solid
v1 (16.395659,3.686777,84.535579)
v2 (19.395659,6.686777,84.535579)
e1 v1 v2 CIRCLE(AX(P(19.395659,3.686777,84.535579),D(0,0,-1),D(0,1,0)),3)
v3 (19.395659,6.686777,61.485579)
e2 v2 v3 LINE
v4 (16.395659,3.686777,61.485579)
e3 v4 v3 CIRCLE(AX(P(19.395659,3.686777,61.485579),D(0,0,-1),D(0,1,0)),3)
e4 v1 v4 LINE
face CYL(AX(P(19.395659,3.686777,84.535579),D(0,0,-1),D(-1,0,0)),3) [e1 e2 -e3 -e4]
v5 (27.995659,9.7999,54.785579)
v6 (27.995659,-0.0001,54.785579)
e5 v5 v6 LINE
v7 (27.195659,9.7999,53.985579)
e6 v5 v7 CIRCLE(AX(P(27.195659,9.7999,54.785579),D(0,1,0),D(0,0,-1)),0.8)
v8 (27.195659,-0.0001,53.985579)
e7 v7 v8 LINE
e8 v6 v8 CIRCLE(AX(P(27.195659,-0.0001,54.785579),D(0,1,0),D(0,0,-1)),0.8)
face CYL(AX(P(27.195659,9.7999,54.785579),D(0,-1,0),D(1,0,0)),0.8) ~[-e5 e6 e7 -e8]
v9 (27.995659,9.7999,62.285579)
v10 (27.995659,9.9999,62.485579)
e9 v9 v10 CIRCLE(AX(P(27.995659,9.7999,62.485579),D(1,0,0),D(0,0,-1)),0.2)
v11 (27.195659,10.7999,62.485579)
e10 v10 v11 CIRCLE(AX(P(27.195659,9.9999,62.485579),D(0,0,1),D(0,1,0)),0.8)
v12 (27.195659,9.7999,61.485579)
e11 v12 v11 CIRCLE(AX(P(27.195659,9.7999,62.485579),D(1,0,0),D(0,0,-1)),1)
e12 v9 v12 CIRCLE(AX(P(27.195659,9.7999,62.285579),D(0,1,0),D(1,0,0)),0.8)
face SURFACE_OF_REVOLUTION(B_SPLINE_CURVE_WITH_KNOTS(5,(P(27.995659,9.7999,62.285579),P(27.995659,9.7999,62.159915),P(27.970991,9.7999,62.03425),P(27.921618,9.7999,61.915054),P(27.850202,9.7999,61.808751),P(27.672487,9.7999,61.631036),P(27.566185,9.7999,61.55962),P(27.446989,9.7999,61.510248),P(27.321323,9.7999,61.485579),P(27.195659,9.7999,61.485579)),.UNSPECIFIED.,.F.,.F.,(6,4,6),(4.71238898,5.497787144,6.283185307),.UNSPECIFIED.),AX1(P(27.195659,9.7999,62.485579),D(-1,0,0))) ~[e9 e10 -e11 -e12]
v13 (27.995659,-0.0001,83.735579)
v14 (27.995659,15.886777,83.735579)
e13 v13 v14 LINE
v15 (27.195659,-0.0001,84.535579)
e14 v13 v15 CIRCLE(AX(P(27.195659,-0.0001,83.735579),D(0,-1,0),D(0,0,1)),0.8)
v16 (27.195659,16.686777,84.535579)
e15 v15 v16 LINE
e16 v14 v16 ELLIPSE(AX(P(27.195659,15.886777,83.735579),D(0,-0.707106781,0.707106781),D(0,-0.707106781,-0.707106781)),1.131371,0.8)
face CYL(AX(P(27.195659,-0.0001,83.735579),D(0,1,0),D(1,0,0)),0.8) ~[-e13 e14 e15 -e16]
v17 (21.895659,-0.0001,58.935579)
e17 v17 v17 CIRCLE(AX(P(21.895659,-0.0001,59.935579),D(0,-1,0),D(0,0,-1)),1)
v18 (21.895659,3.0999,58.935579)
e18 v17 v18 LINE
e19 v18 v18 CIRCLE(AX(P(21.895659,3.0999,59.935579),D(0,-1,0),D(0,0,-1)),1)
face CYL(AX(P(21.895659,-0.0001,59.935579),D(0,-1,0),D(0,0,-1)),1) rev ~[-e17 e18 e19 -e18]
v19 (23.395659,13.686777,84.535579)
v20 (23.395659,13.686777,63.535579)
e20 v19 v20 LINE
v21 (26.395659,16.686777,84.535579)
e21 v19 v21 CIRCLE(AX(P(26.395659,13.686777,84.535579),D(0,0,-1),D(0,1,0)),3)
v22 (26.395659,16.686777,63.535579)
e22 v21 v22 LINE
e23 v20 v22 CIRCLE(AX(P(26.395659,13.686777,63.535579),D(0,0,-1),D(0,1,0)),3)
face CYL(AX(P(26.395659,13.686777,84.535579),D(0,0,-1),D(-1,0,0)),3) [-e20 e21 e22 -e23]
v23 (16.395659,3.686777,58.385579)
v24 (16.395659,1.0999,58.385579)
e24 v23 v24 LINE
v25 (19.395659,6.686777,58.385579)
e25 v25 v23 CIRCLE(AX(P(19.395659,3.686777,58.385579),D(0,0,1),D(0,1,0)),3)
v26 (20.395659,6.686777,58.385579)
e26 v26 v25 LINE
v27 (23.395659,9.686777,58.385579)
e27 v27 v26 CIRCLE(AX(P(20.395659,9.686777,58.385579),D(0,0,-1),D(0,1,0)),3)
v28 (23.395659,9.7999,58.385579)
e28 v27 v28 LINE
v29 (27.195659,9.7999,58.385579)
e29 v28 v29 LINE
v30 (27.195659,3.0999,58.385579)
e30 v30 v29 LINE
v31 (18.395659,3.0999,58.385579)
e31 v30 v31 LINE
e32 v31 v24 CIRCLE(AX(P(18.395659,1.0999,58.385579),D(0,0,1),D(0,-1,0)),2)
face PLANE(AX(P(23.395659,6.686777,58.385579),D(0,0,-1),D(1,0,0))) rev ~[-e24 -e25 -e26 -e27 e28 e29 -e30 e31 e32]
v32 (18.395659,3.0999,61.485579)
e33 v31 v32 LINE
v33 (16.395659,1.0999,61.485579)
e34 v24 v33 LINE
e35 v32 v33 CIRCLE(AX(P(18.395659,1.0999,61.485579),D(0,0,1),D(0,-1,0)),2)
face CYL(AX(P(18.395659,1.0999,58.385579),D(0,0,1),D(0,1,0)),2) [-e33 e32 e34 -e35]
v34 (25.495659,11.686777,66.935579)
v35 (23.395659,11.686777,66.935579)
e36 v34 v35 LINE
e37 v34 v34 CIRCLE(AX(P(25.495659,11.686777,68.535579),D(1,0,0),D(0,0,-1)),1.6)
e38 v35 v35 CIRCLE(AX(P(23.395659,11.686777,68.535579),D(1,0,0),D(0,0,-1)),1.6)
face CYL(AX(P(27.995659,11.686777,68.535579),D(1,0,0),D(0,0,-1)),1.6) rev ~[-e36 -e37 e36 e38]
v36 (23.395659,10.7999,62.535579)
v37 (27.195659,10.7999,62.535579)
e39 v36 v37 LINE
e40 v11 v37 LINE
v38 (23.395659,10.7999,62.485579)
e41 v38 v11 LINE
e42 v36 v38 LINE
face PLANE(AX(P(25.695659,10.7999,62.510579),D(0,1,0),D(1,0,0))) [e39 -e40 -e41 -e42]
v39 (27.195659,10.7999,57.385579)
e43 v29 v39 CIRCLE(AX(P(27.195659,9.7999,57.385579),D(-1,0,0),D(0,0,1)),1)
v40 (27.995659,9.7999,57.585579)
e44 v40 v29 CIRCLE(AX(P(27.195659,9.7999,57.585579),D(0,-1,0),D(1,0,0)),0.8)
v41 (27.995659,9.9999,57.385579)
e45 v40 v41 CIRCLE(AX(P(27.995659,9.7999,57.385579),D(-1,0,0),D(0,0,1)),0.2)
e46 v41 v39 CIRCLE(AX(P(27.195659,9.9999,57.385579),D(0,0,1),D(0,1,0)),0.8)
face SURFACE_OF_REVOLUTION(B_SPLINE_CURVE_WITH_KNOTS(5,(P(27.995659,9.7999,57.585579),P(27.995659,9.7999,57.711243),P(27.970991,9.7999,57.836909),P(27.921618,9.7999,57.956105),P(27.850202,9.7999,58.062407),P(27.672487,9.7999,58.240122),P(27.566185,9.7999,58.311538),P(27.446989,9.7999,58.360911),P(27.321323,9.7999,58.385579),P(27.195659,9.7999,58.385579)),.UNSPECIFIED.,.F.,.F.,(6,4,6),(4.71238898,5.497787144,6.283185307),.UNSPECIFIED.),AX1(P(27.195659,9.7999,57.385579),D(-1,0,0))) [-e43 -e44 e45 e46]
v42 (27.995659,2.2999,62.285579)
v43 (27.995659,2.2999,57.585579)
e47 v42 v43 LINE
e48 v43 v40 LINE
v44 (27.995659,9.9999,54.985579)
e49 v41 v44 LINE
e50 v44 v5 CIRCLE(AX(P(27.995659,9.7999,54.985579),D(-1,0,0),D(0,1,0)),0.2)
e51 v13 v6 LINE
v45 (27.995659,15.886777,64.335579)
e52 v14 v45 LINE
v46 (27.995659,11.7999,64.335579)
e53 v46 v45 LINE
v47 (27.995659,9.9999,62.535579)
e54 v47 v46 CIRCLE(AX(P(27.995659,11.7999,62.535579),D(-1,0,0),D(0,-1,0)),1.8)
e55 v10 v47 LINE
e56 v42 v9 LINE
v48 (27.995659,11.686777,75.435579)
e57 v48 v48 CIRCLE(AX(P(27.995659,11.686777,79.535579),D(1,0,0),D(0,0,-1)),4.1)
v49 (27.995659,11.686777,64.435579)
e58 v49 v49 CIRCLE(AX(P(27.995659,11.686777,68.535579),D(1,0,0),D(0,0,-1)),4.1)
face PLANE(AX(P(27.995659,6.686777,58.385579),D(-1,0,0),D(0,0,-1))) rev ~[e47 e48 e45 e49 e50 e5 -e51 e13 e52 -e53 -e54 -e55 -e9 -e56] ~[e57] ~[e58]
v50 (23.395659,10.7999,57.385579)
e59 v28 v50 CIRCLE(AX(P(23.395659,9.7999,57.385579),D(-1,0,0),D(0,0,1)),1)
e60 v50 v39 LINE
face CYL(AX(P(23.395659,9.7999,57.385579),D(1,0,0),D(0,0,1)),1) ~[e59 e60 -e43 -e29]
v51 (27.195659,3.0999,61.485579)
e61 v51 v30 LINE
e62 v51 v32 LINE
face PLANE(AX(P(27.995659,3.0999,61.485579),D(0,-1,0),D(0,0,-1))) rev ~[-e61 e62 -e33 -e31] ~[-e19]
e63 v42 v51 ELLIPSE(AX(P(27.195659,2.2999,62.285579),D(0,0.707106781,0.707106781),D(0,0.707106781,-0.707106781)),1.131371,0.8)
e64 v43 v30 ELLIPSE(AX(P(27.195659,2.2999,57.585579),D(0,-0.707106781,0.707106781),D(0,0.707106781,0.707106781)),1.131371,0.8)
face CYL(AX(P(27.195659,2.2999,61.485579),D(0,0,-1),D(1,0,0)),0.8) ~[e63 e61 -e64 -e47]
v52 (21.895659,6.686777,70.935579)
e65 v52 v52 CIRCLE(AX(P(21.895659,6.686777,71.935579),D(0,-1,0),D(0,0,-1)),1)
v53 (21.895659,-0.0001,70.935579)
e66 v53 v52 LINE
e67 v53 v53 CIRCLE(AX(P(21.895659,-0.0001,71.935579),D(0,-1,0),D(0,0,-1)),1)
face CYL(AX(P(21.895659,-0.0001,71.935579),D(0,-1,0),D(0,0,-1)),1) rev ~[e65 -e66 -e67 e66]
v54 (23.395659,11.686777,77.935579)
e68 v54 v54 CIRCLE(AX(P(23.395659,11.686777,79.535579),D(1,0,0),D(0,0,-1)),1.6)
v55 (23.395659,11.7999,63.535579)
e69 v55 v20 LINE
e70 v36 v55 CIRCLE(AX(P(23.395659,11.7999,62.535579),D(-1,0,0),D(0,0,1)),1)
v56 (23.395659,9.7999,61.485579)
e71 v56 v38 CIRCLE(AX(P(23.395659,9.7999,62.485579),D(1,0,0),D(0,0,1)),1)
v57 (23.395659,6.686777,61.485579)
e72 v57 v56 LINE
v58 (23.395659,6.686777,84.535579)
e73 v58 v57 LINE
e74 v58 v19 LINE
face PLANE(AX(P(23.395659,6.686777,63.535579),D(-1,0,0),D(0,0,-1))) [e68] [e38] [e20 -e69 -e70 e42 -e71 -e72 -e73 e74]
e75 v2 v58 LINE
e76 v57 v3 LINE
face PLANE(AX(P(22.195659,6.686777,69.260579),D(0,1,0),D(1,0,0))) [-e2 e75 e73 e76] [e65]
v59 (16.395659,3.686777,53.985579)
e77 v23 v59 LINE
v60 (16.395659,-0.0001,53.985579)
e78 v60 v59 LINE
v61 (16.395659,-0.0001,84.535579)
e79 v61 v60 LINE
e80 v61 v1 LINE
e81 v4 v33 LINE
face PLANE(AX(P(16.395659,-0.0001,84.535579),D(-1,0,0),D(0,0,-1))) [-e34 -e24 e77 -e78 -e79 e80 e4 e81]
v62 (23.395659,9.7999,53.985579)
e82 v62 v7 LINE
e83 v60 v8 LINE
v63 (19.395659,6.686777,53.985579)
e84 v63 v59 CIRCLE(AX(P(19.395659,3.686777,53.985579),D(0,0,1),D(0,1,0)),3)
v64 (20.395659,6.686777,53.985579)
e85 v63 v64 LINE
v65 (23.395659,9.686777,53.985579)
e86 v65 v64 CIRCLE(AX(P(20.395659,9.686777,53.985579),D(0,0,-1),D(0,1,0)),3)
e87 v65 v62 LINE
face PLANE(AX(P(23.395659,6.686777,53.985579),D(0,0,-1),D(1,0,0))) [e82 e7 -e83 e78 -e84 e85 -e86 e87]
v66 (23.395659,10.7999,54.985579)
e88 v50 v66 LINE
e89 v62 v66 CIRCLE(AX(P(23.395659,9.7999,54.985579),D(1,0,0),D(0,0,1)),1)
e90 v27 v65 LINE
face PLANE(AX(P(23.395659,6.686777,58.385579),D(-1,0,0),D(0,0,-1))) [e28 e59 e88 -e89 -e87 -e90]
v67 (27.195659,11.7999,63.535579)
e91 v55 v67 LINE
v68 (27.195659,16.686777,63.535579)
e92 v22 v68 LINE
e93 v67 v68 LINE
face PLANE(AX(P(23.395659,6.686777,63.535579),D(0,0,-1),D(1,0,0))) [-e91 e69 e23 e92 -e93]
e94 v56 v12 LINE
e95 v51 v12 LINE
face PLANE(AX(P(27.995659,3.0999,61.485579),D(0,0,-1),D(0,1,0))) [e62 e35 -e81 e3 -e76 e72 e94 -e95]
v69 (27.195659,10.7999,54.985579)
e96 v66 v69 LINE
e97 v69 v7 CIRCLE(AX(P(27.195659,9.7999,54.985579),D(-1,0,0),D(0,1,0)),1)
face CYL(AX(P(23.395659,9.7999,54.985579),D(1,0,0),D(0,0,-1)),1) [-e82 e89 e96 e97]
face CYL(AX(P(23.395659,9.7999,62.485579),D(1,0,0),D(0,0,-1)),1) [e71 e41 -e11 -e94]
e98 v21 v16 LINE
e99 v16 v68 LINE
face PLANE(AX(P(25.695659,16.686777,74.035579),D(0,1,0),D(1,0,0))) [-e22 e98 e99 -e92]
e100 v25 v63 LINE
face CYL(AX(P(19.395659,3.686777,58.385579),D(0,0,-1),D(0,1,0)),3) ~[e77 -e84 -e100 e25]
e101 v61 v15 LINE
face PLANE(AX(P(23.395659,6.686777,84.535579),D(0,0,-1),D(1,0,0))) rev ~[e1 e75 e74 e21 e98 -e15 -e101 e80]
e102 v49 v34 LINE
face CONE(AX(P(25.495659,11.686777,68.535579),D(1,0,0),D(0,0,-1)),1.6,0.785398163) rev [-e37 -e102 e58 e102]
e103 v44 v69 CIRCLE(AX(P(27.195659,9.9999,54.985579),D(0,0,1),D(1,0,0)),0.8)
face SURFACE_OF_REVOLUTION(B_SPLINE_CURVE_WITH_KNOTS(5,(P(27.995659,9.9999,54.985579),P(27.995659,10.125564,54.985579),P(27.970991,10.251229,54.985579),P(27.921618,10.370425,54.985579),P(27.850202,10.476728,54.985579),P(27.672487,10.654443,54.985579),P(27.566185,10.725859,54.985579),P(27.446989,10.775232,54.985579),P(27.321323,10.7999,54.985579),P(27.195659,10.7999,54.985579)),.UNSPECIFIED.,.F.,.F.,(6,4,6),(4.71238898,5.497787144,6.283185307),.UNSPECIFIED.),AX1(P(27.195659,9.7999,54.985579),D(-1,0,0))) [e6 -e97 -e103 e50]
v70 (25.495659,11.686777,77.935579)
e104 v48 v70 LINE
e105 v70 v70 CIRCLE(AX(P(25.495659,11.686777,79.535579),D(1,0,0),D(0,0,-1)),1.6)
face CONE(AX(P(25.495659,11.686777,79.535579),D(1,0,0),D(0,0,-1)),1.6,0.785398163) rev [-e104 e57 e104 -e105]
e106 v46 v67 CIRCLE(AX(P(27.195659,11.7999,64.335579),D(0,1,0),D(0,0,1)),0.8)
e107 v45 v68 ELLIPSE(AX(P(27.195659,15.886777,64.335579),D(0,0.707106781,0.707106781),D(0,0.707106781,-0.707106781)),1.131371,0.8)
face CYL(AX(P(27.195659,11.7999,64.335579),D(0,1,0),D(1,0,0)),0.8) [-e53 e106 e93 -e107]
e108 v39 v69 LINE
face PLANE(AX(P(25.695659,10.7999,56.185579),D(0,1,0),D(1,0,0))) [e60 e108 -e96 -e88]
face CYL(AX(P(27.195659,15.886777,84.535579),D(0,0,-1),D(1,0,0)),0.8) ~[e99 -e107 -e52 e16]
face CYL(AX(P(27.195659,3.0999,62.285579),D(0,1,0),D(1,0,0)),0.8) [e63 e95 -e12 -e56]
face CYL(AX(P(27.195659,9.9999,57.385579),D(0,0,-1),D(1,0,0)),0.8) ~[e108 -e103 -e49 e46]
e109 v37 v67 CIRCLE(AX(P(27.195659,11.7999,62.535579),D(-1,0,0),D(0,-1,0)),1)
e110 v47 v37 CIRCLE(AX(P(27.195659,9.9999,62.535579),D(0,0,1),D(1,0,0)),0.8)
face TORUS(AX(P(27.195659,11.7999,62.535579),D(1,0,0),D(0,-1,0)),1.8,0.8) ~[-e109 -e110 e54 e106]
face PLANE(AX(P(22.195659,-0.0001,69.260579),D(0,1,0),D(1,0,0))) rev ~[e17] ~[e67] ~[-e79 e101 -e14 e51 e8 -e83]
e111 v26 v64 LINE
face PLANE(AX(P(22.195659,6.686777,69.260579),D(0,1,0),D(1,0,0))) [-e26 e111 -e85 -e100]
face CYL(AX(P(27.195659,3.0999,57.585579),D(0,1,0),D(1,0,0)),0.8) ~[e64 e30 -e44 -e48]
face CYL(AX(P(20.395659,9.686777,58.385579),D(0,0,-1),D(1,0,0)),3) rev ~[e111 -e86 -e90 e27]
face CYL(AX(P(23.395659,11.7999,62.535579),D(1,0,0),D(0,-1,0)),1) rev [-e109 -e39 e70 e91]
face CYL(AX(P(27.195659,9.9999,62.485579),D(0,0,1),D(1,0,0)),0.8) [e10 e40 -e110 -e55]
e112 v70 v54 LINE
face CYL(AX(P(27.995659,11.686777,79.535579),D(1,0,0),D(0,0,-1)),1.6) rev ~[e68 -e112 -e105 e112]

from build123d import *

# Parameters (mm, degrees)
BOSS_EXTRUDE1_DEPTH      = 6.686777
BOSS_EXTRUDE1_DEPTH_BACK = 0.0001
SKETCH1_W                = 11.6
SKETCH1_H                = 30.55
SKETCH2_W                = 4.6
SKETCH2_H                = 21
BOSS_EXTRUDE3_DEPTH      = 10
FILLET1_R                = 3
SKETCH3_W                = 4.6
SKETCH3_H                = 4.4
SKETCH3_H_2              = 2.05
BOSS_EXTRUDE4_DEPTH      = 4.113123252
SKETCH4_W                = 3.1
SKETCH4_H                = 3.586876748
CUT_EXTRUDE1_DEPTH       = 87.944077783
SKETCH5_R                = 1.6
CUT_EXTRUDE2_DEPTH       = 87.944077783
SKETCH6_R                = 1
CUT_EXTRUDE3_DEPTH       = 91.600623245
FILLET2_R                = 1
FILLET3_R                = 3
FILLET4_R                = 2
CHAMFER1_SIZE            = 2.5
FILLET5_R                = 0.8


with BuildPart() as part:
    # Sketch1 → Boss-Extrude1 (new, two sides: drawn at the far end of the back side and taken through both)
    with BuildSketch(Plane(origin=(0, 0, 0), x_dir=(1, 0, 0), z_dir=(0, 1, 0)).offset(-BOSS_EXTRUDE1_DEPTH_BACK)):
        with Locations((22.195659191, -69.260579157)):
            Rectangle(SKETCH1_W, SKETCH1_H)
    extrude(amount=BOSS_EXTRUDE1_DEPTH + BOSS_EXTRUDE1_DEPTH_BACK)

    # Sketch2 → Boss-Extrude3 (add)
    with BuildSketch(Plane(origin=(0, 6.686776748, 0), x_dir=(1, 0, 0), z_dir=(0, 1, 0))):
        with Locations((25.695659191, -74.035579157)):
            Rectangle(SKETCH2_W, SKETCH2_H)
    extrude(amount=BOSS_EXTRUDE3_DEPTH)

    # Fillet1
    fillet1_edges = [part.edges().sort_by_distance(p)[0] for p in [
        (23.395659191, 16.686776748, 74.035579157),
    ]]
    fillet(fillet1_edges, radius=FILLET1_R)

    # Sketch3 → Boss-Extrude4 (add)
    with BuildSketch(Plane(origin=(0, 6.686776748, 0), x_dir=(1, 0, 0), z_dir=(0, 1, 0))):
        with Locations((25.695659191, -56.185579157)):
            Rectangle(SKETCH3_W, SKETCH3_H)
        with Locations((25.695659191, -62.510579157)):
            Rectangle(SKETCH3_W, SKETCH3_H_2)
    extrude(amount=BOSS_EXTRUDE4_DEPTH)

    # Sketch4 → Cut-Extrude1 (cut, through all)
    with BuildSketch(Plane(origin=(27.995659191, 0, 0), x_dir=(0, 0, -1), z_dir=(1, 0, 0))):
        with Locations((-59.935579157, 4.893338374)):
            Rectangle(SKETCH4_W, SKETCH4_H)
    extrude(amount=-CUT_EXTRUDE1_DEPTH, mode=Mode.SUBTRACT)

    # Sketch5 → Cut-Extrude2 (cut, through all)
    with BuildSketch(Plane(origin=(27.995659191, 0, 0), x_dir=(0, 0, -1), z_dir=(1, 0, 0))):
        with Locations((-68.535579157, 11.686776748)):
            Circle(SKETCH5_R)
        with Locations((-79.535579157, 11.686776748)):
            Circle(SKETCH5_R)
    extrude(amount=-CUT_EXTRUDE2_DEPTH, mode=Mode.SUBTRACT)

    # Sketch6 → Cut-Extrude3 (cut, through all)
    with BuildSketch(Plane.XZ.offset(0.0001)):
        with Locations(Location((21.895659191, 59.935579157, 0), (0, 0, 270))):
            Circle(SKETCH6_R)
        with Locations(Location((21.895659191, 71.935579157, 0), (0, 0, 270))):
            Circle(SKETCH6_R)
    extrude(amount=-CUT_EXTRUDE3_DEPTH, mode=Mode.SUBTRACT)

    # Fillet2
    fillet2_edges = [part.edges().sort_by_distance(p)[0] for p in [
        (25.695659191, 10.7999, 58.385579157),
        (25.695659191, 10.7999, 53.985579157),
        (25.695659191, 10.7999, 61.485579157),
        (25.695659191, 10.7999, 63.535579157),
    ]]
    fillet(fillet2_edges, radius=FILLET2_R)

    # Fillet3
    fillet3_edges = [part.edges().sort_by_distance(p)[0] for p in [
        (16.395659191, 6.686777, 73.010579157),
        (16.395659191, 6.686777, 56.185579157),
        (23.395659191, 6.686776748, 56.185579157),
    ]]
    fillet(fillet3_edges, radius=FILLET3_R)

    # Fillet4
    fillet4_edges = [part.edges().sort_by_distance(p)[0] for p in [
        (16.395659191, 3.0999, 59.935579157),
    ]]
    fillet(fillet4_edges, radius=FILLET4_R)

    # Chamfer1
    chamfer1_edges = [part.edges().sort_by_distance(p)[0] for p in [
        (27.995659191, 11.686776748, 70.135579157),
        (27.995659191, 11.686776748, 81.135579157),
    ]]
    chamfer(chamfer1_edges, length=CHAMFER1_SIZE)

    # Fillet5
    fillet5_edges = [part.edges().sort_by_distance(p)[0] for p in [
        (27.995659191, 10.7999, 56.185579157),
        (27.995659191, 6.4499, 58.385579157),
        (27.995659191, 6.4499, 61.485579157),
        (27.995659191, 10.7999, 62.510579157),
        (27.995659191, 10.507006781, 58.092685938),
        (27.995659191, 10.507006781, 61.778472375),
        (27.995659191, 10.507006781, 54.278472375),
        (27.995659191, 11.092793218, 63.242685938),
        (27.995659191, 14.243338374, 63.535579157),
        (27.995659191, 16.686776748, 74.035579157),
        (27.995659191, 8.343338374, 84.535579157),
        (27.995659191, 4.8999, 53.985579157),
        (27.995659191, 3.0999, 59.935579157),
    ]]
    fillet(fillet5_edges, radius=FILLET5_R)


solid = part.part
